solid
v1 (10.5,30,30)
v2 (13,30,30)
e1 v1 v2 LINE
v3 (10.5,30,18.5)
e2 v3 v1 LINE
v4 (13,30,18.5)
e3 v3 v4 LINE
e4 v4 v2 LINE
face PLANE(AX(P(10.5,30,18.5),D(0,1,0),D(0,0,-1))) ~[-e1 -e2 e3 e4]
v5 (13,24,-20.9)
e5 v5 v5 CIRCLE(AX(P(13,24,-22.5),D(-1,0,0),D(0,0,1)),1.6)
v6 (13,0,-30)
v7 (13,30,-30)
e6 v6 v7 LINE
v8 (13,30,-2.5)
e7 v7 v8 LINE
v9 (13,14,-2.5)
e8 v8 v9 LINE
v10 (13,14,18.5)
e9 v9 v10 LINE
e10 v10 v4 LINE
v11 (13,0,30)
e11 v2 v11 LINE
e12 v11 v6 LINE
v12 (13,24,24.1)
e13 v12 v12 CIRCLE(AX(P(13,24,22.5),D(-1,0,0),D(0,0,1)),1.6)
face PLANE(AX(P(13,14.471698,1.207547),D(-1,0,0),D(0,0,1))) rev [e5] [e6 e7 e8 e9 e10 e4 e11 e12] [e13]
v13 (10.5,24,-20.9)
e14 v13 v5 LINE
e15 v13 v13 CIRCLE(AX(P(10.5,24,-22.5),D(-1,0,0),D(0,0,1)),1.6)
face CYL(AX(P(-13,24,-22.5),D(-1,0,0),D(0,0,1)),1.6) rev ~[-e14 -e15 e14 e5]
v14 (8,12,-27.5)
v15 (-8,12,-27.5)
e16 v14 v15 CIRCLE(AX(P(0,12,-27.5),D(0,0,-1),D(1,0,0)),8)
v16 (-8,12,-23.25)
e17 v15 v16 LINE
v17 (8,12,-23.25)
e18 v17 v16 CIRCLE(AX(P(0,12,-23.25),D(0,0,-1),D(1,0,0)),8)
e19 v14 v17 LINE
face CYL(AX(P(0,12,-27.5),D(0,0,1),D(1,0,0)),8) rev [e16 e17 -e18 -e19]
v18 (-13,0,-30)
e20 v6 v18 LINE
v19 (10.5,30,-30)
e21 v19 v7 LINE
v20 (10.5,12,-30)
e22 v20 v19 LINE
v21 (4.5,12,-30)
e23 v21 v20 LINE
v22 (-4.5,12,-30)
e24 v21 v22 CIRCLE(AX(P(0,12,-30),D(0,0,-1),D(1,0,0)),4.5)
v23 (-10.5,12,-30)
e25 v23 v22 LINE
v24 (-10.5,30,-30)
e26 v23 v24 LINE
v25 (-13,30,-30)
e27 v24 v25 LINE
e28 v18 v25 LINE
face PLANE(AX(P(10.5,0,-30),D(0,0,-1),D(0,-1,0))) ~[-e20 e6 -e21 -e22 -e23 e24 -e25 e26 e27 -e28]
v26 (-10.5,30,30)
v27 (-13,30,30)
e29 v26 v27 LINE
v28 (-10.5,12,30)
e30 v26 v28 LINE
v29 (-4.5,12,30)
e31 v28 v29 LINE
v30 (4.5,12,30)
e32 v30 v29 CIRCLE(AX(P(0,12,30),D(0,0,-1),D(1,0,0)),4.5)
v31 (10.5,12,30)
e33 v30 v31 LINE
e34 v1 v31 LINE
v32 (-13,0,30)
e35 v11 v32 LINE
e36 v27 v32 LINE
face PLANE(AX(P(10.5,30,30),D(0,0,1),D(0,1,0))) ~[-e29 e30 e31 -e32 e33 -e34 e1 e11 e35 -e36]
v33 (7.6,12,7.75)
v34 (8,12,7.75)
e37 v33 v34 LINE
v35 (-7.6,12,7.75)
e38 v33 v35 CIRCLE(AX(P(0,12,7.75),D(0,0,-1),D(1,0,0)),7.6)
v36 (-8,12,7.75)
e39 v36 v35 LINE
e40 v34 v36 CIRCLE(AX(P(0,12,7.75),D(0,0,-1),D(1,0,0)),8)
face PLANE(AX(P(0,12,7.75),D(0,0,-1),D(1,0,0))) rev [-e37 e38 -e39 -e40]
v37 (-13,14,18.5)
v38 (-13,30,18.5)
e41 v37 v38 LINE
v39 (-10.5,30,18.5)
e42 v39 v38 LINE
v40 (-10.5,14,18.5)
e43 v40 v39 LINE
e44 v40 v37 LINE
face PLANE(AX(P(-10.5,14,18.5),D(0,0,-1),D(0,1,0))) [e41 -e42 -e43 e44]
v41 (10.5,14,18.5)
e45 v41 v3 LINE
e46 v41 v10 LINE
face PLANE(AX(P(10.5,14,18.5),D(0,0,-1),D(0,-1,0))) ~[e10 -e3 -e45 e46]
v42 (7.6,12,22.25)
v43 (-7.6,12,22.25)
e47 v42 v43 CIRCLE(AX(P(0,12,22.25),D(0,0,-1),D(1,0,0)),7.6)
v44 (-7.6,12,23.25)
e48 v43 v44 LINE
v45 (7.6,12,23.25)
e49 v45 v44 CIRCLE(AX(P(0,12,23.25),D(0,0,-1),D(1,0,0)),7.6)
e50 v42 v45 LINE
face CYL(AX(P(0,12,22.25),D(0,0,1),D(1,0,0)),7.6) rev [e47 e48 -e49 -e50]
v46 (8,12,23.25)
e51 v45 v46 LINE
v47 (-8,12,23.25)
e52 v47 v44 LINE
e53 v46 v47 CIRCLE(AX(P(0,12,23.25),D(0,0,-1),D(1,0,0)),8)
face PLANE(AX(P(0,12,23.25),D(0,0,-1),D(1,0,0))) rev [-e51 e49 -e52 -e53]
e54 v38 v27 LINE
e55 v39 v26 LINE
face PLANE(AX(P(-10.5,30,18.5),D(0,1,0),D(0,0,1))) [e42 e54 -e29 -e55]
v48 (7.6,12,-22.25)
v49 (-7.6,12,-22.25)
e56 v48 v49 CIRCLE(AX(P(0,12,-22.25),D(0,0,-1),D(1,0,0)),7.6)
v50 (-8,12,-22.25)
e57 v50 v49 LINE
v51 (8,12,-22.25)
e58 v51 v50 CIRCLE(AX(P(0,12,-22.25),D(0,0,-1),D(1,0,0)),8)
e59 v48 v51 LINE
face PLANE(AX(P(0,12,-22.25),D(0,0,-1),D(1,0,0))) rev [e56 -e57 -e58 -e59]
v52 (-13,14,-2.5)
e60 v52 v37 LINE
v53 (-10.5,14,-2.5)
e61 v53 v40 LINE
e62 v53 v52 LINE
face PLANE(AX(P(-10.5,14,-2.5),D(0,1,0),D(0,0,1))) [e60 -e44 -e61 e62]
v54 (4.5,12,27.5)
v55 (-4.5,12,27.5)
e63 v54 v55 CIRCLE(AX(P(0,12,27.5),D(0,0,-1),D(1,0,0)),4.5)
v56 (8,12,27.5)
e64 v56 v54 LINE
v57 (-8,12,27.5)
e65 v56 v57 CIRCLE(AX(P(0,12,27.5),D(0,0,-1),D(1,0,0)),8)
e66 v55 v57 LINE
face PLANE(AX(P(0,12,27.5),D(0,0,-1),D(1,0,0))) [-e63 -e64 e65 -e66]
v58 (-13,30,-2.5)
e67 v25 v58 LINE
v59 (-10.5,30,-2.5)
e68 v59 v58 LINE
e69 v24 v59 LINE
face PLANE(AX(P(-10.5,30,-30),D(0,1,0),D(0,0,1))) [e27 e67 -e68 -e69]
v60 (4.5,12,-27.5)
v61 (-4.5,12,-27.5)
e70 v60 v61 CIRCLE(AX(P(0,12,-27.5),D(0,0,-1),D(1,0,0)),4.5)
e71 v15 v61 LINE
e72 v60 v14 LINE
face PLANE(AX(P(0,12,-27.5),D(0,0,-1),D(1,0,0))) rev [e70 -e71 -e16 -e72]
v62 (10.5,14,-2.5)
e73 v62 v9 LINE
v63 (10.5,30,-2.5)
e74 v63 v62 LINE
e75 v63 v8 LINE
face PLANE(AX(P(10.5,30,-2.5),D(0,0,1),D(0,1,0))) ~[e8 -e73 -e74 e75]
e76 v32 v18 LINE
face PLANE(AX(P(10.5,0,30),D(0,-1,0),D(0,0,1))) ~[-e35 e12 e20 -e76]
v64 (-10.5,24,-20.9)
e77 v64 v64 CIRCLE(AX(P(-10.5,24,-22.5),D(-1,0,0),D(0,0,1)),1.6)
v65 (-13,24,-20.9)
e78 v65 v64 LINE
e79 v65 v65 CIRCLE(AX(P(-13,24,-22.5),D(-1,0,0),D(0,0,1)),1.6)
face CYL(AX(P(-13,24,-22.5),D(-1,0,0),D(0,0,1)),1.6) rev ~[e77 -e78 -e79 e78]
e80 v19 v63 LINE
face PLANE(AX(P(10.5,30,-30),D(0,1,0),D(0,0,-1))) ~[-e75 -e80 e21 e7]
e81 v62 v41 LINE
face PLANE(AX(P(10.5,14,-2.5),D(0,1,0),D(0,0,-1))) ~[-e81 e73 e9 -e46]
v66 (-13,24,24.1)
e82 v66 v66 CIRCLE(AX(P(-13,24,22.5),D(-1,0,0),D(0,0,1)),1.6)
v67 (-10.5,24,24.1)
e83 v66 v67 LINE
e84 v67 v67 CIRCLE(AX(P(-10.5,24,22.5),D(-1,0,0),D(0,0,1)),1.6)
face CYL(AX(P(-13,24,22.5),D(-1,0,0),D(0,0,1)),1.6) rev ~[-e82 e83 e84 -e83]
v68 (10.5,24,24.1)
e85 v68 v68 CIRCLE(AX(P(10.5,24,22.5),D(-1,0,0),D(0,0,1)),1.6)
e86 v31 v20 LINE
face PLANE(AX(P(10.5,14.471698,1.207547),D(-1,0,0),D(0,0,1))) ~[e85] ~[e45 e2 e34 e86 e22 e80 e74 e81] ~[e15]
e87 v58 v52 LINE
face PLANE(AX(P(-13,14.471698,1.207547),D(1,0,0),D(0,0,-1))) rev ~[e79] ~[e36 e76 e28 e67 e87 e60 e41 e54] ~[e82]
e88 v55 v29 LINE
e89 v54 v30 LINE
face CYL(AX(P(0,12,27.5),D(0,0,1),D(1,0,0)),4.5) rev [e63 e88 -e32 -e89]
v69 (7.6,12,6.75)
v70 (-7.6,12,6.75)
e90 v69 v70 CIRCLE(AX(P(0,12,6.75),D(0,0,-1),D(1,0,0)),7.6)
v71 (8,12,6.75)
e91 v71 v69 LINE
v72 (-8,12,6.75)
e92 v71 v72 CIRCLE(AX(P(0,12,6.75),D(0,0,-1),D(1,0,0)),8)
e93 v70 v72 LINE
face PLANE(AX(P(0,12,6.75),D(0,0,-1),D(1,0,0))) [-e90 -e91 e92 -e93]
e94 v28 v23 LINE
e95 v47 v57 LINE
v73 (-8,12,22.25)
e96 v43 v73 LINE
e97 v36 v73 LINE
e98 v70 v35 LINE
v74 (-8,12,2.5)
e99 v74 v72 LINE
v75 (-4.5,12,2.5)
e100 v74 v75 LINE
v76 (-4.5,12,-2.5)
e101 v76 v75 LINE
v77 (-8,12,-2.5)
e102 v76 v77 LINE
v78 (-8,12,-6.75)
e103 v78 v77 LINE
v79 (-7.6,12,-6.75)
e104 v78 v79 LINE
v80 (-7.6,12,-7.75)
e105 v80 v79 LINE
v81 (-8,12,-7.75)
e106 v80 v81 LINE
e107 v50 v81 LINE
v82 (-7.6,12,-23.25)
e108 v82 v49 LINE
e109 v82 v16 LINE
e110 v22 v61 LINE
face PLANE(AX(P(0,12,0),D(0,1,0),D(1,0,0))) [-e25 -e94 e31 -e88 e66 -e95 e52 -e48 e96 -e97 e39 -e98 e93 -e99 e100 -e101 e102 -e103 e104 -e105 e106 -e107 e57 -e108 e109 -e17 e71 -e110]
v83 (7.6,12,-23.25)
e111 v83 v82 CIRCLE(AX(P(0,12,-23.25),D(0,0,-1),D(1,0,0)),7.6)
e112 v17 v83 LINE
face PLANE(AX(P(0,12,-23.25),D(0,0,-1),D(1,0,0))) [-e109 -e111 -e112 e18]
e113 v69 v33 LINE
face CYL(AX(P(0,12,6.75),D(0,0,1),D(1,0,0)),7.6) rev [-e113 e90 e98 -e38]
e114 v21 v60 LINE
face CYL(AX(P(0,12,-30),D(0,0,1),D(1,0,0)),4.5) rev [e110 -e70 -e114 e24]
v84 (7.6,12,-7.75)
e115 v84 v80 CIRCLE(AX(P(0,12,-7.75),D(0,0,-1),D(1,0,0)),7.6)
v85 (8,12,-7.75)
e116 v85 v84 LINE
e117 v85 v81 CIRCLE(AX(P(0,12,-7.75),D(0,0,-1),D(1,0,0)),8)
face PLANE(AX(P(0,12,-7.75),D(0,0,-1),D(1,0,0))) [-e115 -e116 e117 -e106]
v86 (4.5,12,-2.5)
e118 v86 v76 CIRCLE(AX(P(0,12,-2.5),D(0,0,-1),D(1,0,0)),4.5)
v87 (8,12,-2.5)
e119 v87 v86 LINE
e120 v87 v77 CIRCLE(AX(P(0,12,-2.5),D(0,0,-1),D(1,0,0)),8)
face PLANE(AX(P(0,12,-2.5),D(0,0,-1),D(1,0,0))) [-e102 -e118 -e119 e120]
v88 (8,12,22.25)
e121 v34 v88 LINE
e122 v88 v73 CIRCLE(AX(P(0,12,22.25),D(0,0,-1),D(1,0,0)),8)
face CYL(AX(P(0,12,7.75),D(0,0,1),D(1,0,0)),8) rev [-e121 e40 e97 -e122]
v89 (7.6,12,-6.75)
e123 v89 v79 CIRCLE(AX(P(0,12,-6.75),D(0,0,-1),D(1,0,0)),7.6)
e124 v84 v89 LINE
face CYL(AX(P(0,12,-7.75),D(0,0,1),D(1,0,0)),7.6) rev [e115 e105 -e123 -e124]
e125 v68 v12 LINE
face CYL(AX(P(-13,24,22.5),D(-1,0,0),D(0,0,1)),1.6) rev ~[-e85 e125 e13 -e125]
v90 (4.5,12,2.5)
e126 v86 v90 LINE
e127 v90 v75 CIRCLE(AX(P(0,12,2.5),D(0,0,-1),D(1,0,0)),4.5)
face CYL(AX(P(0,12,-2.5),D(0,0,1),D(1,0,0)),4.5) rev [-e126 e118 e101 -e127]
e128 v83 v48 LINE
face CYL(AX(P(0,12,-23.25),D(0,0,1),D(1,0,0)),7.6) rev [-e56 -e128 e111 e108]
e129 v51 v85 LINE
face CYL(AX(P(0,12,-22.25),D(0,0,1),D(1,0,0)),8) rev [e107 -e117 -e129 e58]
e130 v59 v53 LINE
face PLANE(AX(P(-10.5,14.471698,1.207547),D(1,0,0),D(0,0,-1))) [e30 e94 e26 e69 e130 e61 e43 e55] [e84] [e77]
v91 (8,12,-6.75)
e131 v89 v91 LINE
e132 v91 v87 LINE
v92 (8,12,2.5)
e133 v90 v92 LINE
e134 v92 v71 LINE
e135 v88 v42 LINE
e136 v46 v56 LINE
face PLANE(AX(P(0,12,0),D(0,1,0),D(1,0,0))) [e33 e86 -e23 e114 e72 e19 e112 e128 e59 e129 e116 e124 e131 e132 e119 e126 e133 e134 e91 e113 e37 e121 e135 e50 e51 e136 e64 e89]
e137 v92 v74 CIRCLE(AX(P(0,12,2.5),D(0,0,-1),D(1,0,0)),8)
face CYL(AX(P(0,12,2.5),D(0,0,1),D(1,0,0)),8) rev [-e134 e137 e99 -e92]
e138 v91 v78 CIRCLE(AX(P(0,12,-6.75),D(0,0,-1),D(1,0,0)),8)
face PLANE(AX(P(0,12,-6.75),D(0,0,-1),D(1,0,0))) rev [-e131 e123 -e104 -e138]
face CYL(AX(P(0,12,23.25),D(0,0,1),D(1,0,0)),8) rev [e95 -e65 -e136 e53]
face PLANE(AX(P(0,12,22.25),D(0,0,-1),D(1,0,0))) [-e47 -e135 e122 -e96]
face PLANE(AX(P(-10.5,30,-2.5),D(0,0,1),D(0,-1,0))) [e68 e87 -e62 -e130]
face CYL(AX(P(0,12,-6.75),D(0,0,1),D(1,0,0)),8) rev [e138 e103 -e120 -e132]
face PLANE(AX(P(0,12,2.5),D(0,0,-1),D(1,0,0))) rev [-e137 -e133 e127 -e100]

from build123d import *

# Parameters (mm, degrees)
SKETCH1_W           = 21
SKETCH1_H           = 60
BOSS_EXTRUDE1_DEPTH = 12
BOSS_EXTRUDE2_DEPTH = 2.5
SKETCH7_R           = 1.6
CUT_EXTRUDE2_DEPTH  = 50.759421218


with BuildPart() as part:
    # Sketch1 → Boss-Extrude1 (new body)
    with BuildSketch(Plane(origin=(0, 0, 0), x_dir=(1, 0, 0), z_dir=(0, 1, 0))):
        Rectangle(SKETCH1_W, SKETCH1_H)
    extrude(amount=BOSS_EXTRUDE1_DEPTH)

    # Sketch2 → Cut-Revolve1 (revolve, cut)
    with BuildSketch(Plane(origin=(0, 12, 0), x_dir=(1, 0, 0), z_dir=(0, 1, 0))):
        Polygon((0, 30), (4.5, 30), (4.5, 27.5), (8, 27.5), (8, 23.25), (7.6, 23.25), (7.6, 22.25), (8, 22.25), (8, 7.75), (7.6, 7.75), (7.6, 6.75), (8, 6.75), (8, 2.5), (4.5, 2.5), (4.5, -2.5), (8, -2.5), (8, -6.75), (7.6, -6.75), (7.6, -7.75), (8, -7.75), (8, -22.25), (7.6, -22.25), (7.6, -23.25), (8, -23.25), (8, -27.5), (4.5, -27.5), (4.5, -30), (0, -30), align=None)
    revolve(axis=Axis((0, 12, 32.783592288), (0, 0, -1)), mode=Mode.SUBTRACT)

    # Sketch3 → Boss-Extrude2 (add)
    with BuildSketch(Plane.ZY.offset(10.5)):
        Polygon((-30, 0), (-30, 30), (-2.5, 30), (-2.5, 14), (18.5, 14), (18.5, 30), (30, 30), (30, 0), align=None)
    boss_extrude2 = extrude(amount=BOSS_EXTRUDE2_DEPTH)

    # Mirror2: Boss-Extrude2 across plane
    add(boss_extrude2.mirror(Plane(origin=(0, 0, 0), x_dir=(0, 0, 1), z_dir=(1, 0, 0))))

    # Sketch7 → Cut-Extrude2 (cut, through all)
    with BuildSketch(Plane.ZY.offset(13)):
        with Locations((22.5, 24)):
            Circle(SKETCH7_R)
        with Locations((-22.5, 24)):
            Circle(SKETCH7_R)
    extrude(amount=-CUT_EXTRUDE2_DEPTH, mode=Mode.SUBTRACT)


solid = part.part
